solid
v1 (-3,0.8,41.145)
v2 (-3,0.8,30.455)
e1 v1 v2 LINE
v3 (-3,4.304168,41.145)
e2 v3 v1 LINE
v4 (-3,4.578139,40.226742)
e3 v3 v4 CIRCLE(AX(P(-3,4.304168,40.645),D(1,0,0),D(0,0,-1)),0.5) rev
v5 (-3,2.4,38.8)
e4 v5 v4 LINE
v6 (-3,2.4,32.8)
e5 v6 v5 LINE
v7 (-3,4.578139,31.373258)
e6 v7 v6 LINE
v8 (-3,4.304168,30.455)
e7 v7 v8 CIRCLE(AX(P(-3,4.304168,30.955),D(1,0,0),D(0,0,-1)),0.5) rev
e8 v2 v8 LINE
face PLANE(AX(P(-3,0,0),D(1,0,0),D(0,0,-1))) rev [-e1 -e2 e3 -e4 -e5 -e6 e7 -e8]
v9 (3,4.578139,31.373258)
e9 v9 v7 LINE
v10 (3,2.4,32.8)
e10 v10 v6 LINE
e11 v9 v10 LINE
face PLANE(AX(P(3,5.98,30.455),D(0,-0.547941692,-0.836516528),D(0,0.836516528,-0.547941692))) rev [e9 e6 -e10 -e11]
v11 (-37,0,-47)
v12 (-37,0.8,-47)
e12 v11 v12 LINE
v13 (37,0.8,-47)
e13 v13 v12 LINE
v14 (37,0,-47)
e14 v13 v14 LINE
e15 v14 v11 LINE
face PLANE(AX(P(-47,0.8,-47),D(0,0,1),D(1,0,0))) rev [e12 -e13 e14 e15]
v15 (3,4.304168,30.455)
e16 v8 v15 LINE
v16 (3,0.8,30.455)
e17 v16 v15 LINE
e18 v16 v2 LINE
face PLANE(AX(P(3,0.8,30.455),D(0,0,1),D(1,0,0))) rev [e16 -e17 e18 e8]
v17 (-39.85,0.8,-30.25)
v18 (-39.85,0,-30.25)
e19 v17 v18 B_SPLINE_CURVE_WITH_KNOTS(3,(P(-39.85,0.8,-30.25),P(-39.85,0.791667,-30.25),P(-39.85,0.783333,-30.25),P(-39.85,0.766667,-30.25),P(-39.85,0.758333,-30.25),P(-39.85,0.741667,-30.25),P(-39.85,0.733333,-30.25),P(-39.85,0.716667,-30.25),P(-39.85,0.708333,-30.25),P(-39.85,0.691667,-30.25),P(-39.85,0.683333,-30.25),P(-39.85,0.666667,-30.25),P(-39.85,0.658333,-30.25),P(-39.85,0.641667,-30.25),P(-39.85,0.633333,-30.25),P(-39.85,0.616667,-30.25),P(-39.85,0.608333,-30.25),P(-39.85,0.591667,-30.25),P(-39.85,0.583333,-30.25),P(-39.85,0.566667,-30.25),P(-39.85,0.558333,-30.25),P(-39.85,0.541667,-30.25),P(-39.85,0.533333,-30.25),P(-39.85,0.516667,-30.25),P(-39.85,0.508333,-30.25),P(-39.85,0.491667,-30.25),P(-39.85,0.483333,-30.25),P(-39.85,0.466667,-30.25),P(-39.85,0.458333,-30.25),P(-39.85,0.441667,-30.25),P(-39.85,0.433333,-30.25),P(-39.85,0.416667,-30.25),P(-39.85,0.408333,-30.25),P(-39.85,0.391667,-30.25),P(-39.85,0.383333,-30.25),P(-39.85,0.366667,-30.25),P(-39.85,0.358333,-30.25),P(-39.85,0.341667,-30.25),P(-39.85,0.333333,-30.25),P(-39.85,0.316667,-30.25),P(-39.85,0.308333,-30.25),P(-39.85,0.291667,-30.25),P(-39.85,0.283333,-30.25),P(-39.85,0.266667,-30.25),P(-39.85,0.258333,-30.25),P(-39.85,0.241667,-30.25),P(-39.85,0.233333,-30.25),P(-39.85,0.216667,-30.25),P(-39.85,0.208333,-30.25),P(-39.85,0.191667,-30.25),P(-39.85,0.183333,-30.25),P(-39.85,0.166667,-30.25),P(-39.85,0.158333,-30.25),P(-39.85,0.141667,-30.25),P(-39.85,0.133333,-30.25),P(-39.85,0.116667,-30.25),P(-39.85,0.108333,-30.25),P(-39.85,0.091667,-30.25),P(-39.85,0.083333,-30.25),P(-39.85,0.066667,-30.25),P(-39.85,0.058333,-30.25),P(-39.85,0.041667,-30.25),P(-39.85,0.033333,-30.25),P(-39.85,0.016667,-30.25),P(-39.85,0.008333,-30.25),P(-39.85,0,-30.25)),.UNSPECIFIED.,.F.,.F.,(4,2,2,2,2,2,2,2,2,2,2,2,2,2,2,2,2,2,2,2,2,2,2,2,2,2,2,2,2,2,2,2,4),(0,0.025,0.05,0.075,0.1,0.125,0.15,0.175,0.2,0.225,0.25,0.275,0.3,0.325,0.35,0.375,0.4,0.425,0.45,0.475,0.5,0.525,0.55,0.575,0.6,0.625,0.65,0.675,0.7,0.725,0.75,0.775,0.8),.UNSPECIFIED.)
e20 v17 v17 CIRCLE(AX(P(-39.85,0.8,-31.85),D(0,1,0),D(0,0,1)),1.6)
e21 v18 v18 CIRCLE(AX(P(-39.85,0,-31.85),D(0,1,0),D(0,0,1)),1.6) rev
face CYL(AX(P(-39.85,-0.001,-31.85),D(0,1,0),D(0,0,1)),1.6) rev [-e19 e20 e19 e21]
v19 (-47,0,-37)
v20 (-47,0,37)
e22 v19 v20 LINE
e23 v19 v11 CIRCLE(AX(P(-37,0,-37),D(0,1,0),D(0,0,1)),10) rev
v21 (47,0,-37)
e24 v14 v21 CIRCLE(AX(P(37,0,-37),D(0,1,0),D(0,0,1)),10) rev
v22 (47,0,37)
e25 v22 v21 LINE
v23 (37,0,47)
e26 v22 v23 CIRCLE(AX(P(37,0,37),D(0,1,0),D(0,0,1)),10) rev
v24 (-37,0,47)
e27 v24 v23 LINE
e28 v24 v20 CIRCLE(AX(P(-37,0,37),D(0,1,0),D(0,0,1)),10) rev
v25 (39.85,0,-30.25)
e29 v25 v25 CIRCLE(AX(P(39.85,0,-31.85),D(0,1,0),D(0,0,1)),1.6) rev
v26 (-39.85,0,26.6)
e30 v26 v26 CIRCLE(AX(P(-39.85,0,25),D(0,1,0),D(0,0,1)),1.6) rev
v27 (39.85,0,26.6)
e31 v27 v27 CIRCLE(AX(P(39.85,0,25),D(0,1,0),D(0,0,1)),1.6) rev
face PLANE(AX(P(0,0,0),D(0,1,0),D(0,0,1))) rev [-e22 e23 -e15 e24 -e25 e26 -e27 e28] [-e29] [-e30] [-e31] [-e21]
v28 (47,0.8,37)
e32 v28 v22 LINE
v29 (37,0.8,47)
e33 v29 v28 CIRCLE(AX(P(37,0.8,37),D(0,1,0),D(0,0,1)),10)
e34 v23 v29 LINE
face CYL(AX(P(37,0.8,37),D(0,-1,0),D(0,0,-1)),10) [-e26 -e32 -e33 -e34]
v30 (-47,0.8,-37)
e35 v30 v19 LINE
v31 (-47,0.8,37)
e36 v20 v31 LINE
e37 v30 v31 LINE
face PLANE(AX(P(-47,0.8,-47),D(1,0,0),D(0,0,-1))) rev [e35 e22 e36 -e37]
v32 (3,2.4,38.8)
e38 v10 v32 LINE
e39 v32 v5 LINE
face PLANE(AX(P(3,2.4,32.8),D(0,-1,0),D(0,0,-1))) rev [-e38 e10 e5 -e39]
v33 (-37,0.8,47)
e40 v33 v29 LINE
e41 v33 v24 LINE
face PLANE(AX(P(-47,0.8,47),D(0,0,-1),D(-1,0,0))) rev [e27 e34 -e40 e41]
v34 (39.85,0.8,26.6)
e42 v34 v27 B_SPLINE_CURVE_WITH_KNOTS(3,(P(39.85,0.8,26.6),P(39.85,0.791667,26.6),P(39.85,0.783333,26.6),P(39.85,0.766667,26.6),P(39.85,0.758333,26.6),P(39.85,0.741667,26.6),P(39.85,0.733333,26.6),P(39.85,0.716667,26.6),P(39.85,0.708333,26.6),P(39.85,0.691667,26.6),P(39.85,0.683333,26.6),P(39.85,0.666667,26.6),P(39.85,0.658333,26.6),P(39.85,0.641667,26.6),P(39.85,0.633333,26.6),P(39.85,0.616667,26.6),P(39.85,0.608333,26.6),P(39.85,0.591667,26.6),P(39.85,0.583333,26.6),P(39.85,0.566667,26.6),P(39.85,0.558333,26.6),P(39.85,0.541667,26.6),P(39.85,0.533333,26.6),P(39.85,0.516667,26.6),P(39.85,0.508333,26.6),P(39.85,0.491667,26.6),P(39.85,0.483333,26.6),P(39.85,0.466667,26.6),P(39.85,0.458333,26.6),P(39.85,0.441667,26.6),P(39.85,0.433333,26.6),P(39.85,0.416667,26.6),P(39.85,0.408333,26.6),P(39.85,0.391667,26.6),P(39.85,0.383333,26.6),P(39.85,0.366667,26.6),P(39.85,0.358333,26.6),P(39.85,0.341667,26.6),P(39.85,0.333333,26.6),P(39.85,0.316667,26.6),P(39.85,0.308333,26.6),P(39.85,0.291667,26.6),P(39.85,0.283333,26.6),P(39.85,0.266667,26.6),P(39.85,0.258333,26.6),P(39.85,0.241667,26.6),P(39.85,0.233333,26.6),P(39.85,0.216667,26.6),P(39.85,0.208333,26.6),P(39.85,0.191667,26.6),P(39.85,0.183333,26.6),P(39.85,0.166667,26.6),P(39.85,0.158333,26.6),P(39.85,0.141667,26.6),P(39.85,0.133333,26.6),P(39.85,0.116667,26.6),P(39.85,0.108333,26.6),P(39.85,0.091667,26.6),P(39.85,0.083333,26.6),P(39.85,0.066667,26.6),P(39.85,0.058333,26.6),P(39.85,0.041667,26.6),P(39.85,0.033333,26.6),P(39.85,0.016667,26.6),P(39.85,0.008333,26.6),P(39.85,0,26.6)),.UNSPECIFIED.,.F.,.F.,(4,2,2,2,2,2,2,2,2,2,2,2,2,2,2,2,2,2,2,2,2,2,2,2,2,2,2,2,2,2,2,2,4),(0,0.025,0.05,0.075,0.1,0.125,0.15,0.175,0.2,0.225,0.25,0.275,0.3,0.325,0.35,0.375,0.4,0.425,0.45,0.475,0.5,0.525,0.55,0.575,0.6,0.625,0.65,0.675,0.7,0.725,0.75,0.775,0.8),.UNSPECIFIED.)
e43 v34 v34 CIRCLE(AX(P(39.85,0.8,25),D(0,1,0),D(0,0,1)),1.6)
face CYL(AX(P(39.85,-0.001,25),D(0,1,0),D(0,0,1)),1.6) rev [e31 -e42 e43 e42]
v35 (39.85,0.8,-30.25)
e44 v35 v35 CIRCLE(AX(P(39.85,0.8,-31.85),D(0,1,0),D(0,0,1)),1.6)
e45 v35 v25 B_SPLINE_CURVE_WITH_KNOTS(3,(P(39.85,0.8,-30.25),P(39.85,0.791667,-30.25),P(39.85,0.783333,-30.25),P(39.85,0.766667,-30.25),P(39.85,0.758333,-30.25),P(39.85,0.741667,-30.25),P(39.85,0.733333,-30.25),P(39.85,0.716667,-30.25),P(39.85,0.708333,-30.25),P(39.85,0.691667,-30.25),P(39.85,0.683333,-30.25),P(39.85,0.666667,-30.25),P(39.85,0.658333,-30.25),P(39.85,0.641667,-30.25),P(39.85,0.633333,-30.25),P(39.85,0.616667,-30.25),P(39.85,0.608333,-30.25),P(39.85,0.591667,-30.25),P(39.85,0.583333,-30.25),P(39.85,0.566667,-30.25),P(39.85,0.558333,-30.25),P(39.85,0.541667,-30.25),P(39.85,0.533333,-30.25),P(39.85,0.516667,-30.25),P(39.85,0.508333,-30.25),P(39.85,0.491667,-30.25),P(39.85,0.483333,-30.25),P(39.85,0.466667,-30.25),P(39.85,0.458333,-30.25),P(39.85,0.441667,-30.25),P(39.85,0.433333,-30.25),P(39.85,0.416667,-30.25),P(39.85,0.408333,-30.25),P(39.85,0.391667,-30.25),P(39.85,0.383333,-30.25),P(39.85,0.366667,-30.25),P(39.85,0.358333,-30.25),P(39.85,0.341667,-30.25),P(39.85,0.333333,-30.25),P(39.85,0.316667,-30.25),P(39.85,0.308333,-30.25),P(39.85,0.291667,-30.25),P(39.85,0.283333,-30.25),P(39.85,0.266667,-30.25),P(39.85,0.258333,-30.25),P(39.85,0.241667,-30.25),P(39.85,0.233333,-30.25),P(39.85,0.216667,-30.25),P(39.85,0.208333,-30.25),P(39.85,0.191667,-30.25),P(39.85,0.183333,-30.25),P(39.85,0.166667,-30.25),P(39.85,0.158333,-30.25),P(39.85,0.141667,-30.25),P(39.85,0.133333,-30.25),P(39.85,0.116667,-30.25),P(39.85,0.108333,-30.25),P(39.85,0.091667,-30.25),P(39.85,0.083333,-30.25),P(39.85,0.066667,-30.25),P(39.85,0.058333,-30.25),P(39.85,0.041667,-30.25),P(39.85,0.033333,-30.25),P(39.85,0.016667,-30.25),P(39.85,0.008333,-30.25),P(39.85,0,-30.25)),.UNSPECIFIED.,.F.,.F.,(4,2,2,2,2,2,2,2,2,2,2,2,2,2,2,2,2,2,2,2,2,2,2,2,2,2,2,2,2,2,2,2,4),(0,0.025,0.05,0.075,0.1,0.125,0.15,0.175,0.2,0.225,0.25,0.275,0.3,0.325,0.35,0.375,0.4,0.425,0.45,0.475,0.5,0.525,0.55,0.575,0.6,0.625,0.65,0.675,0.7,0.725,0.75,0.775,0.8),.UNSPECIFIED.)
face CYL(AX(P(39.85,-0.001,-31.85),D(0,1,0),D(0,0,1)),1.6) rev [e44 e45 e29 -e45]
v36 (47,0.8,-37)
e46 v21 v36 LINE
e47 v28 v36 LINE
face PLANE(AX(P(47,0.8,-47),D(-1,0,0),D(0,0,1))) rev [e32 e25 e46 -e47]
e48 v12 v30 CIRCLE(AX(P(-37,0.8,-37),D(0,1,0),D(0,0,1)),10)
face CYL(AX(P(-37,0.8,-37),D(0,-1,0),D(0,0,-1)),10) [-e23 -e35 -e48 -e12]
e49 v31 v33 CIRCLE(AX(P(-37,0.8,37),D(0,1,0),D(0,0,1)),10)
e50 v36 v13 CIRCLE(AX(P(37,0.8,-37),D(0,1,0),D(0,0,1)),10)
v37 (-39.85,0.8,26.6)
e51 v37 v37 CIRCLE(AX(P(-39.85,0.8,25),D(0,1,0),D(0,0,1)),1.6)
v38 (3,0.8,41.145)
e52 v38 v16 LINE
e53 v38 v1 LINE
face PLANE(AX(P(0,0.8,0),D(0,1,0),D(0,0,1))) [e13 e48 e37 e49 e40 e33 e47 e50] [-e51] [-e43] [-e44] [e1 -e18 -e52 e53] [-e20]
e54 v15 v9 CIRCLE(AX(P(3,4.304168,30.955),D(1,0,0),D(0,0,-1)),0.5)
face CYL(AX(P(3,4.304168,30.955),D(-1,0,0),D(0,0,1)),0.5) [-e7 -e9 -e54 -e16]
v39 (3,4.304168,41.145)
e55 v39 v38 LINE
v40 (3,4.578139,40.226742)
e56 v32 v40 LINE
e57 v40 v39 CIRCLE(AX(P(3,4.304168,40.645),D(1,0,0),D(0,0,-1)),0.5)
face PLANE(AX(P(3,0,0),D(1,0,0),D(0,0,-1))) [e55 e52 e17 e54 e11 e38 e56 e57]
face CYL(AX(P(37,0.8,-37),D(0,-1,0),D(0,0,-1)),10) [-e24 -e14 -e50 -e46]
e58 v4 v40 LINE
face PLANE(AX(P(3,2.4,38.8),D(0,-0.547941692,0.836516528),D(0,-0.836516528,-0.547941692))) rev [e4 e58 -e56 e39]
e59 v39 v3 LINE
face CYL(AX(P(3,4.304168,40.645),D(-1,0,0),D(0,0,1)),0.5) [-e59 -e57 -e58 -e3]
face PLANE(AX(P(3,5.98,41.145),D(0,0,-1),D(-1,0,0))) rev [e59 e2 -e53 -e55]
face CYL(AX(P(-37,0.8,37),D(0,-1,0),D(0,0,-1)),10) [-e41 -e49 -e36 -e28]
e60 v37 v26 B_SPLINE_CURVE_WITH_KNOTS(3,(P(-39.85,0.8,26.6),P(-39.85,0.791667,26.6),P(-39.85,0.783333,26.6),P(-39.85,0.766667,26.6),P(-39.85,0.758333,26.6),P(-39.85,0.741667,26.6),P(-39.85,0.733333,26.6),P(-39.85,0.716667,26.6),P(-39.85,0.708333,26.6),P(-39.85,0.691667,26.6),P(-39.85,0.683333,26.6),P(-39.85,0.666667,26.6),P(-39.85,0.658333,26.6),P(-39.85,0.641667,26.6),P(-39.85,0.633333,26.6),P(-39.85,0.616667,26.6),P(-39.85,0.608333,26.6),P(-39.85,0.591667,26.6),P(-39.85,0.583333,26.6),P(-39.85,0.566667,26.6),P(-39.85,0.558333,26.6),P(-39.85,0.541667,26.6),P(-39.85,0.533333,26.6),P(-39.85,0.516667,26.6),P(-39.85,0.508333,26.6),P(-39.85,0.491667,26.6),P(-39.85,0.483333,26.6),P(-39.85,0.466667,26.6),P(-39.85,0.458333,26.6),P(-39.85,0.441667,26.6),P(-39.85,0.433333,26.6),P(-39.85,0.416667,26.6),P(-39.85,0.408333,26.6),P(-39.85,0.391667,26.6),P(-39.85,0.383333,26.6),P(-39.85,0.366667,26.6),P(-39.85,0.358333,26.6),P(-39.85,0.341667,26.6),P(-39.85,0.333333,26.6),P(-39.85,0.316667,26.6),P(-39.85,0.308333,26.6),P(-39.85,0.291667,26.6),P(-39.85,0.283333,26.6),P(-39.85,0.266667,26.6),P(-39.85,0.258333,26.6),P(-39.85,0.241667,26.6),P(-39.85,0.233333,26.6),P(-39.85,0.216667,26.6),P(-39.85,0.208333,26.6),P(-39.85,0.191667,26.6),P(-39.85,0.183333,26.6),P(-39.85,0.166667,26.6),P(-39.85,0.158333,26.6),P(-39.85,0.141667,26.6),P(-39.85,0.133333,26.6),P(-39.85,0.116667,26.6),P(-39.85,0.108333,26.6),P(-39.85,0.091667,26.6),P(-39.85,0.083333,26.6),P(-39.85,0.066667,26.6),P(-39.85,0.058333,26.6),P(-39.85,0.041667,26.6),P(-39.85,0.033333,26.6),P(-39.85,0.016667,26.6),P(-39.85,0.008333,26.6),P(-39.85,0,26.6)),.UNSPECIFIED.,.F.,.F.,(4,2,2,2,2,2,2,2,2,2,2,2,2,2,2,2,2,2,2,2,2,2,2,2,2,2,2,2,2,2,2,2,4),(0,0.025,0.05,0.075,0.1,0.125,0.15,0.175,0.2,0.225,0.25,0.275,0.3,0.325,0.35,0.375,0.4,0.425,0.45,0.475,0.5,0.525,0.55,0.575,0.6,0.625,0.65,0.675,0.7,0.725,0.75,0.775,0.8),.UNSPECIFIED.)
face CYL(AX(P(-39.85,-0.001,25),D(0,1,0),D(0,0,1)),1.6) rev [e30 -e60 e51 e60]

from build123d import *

# Parameters (mm, degrees)
SKETCH_1_W             = 94
SKETCH_1_H             = 94
EXTRUDE_1088_DEPTH     = 0.8
FILLET_1_R             = 10
CUT_EXTRUDE_1446_REACH = 68.473
SKETCH_2_R             = 1.6
EXTRUDE_1491_DEPTH     = 3
FILLET_2_R             = 0.5


with BuildPart() as part:
    # 草图1 → Extrude 1088 (new body)
    with BuildSketch(Plane(origin=(0, 0, 0), x_dir=(1, 0, 0), z_dir=(0, 1, 0))):
        Rectangle(SKETCH_1_W, SKETCH_1_H)
    extrude(amount=EXTRUDE_1088_DEPTH)

    # 圆角1
    fillet_1_edges = [part.edges().sort_by_distance(p)[0] for p in [
        (47, 0.4, 47),
        (-47, 0.4, 47),
        (-47, 0.4, -47),
        (47, 0.4, -47),
    ]]
    fillet(fillet_1_edges, radius=FILLET_1_R)

    # 草图2 → Cut-Extrude 1446 (cut, up to next)
    with BuildSketch(Plane(origin=(0, 0.8, 0), x_dir=(1, 0, 0), z_dir=(0, 1, 0)), mode=Mode.PRIVATE) as cut_extrude_1446_sk1:
        with Locations(Location((-39.85, 31.85, 0), (0, 0, 270))):
            Circle(SKETCH_2_R)
    cut_extrude_1446_tool1 = extrude(cut_extrude_1446_sk1.sketch, amount=-CUT_EXTRUDE_1446_REACH, mode=Mode.PRIVATE) & part.part
    # 草图2 → Cut-Extrude 1446 (cut, up to next)
    with BuildSketch(Plane(origin=(0, 0.8, 0), x_dir=(1, 0, 0), z_dir=(0, 1, 0)), mode=Mode.PRIVATE) as cut_extrude_1446_sk2:
        with Locations(Location((39.85, 31.85, 0), (0, 0, 270))):
            Circle(SKETCH_2_R)
    cut_extrude_1446_tool2 = extrude(cut_extrude_1446_sk2.sketch, amount=-CUT_EXTRUDE_1446_REACH, mode=Mode.PRIVATE) & part.part
    # 草图2 → Cut-Extrude 1446 (cut, up to next)
    with BuildSketch(Plane(origin=(0, 0.8, 0), x_dir=(1, 0, 0), z_dir=(0, 1, 0)), mode=Mode.PRIVATE) as cut_extrude_1446_sk3:
        with Locations(Location((39.85, -25, 0), (0, 0, 270))):
            Circle(SKETCH_2_R)
    cut_extrude_1446_tool3 = extrude(cut_extrude_1446_sk3.sketch, amount=-CUT_EXTRUDE_1446_REACH, mode=Mode.PRIVATE) & part.part
    # 草图2 → Cut-Extrude 1446 (cut, up to next)
    with BuildSketch(Plane(origin=(0, 0.8, 0), x_dir=(1, 0, 0), z_dir=(0, 1, 0)), mode=Mode.PRIVATE) as cut_extrude_1446_sk4:
        with Locations(Location((-39.85, -25, 0), (0, 0, 270))):
            Circle(SKETCH_2_R)
    cut_extrude_1446_tool4 = extrude(cut_extrude_1446_sk4.sketch, amount=-CUT_EXTRUDE_1446_REACH, mode=Mode.PRIVATE) & part.part
    add(cut_extrude_1446_tool1.solids().sort_by_distance((-39.85, 0.8, -31.85))[0], mode=Mode.SUBTRACT)
    add(cut_extrude_1446_tool2.solids().sort_by_distance((39.85, 0.8, -31.85))[0], mode=Mode.SUBTRACT)
    add(cut_extrude_1446_tool3.solids().sort_by_distance((39.85, 0.8, 25))[0], mode=Mode.SUBTRACT)
    add(cut_extrude_1446_tool4.solids().sort_by_distance((-39.85, 0.8, 25))[0], mode=Mode.SUBTRACT)

    # 草图4 → Extrude 1491 (add, symmetric)
    with BuildSketch(Plane(origin=(0, 0, 0), x_dir=(0, 0, -1), z_dir=(1, 0, 0))):
        Polygon((-41.145, 0.8), (-30.455, 0.8), (-30.455, 5.98), (-32.8, 2.4), (-38.8, 2.4), (-41.145, 5.98), align=None)
    extrude(amount=EXTRUDE_1491_DEPTH, both=True)

    # 圆角2
    fillet_2_edges = [part.edges().sort_by_distance(p)[0] for p in [
        (0, 5.98, 41.145),
        (0, 5.98, 30.455),
    ]]
    fillet(fillet_2_edges, radius=FILLET_2_R)


solid = part.part
